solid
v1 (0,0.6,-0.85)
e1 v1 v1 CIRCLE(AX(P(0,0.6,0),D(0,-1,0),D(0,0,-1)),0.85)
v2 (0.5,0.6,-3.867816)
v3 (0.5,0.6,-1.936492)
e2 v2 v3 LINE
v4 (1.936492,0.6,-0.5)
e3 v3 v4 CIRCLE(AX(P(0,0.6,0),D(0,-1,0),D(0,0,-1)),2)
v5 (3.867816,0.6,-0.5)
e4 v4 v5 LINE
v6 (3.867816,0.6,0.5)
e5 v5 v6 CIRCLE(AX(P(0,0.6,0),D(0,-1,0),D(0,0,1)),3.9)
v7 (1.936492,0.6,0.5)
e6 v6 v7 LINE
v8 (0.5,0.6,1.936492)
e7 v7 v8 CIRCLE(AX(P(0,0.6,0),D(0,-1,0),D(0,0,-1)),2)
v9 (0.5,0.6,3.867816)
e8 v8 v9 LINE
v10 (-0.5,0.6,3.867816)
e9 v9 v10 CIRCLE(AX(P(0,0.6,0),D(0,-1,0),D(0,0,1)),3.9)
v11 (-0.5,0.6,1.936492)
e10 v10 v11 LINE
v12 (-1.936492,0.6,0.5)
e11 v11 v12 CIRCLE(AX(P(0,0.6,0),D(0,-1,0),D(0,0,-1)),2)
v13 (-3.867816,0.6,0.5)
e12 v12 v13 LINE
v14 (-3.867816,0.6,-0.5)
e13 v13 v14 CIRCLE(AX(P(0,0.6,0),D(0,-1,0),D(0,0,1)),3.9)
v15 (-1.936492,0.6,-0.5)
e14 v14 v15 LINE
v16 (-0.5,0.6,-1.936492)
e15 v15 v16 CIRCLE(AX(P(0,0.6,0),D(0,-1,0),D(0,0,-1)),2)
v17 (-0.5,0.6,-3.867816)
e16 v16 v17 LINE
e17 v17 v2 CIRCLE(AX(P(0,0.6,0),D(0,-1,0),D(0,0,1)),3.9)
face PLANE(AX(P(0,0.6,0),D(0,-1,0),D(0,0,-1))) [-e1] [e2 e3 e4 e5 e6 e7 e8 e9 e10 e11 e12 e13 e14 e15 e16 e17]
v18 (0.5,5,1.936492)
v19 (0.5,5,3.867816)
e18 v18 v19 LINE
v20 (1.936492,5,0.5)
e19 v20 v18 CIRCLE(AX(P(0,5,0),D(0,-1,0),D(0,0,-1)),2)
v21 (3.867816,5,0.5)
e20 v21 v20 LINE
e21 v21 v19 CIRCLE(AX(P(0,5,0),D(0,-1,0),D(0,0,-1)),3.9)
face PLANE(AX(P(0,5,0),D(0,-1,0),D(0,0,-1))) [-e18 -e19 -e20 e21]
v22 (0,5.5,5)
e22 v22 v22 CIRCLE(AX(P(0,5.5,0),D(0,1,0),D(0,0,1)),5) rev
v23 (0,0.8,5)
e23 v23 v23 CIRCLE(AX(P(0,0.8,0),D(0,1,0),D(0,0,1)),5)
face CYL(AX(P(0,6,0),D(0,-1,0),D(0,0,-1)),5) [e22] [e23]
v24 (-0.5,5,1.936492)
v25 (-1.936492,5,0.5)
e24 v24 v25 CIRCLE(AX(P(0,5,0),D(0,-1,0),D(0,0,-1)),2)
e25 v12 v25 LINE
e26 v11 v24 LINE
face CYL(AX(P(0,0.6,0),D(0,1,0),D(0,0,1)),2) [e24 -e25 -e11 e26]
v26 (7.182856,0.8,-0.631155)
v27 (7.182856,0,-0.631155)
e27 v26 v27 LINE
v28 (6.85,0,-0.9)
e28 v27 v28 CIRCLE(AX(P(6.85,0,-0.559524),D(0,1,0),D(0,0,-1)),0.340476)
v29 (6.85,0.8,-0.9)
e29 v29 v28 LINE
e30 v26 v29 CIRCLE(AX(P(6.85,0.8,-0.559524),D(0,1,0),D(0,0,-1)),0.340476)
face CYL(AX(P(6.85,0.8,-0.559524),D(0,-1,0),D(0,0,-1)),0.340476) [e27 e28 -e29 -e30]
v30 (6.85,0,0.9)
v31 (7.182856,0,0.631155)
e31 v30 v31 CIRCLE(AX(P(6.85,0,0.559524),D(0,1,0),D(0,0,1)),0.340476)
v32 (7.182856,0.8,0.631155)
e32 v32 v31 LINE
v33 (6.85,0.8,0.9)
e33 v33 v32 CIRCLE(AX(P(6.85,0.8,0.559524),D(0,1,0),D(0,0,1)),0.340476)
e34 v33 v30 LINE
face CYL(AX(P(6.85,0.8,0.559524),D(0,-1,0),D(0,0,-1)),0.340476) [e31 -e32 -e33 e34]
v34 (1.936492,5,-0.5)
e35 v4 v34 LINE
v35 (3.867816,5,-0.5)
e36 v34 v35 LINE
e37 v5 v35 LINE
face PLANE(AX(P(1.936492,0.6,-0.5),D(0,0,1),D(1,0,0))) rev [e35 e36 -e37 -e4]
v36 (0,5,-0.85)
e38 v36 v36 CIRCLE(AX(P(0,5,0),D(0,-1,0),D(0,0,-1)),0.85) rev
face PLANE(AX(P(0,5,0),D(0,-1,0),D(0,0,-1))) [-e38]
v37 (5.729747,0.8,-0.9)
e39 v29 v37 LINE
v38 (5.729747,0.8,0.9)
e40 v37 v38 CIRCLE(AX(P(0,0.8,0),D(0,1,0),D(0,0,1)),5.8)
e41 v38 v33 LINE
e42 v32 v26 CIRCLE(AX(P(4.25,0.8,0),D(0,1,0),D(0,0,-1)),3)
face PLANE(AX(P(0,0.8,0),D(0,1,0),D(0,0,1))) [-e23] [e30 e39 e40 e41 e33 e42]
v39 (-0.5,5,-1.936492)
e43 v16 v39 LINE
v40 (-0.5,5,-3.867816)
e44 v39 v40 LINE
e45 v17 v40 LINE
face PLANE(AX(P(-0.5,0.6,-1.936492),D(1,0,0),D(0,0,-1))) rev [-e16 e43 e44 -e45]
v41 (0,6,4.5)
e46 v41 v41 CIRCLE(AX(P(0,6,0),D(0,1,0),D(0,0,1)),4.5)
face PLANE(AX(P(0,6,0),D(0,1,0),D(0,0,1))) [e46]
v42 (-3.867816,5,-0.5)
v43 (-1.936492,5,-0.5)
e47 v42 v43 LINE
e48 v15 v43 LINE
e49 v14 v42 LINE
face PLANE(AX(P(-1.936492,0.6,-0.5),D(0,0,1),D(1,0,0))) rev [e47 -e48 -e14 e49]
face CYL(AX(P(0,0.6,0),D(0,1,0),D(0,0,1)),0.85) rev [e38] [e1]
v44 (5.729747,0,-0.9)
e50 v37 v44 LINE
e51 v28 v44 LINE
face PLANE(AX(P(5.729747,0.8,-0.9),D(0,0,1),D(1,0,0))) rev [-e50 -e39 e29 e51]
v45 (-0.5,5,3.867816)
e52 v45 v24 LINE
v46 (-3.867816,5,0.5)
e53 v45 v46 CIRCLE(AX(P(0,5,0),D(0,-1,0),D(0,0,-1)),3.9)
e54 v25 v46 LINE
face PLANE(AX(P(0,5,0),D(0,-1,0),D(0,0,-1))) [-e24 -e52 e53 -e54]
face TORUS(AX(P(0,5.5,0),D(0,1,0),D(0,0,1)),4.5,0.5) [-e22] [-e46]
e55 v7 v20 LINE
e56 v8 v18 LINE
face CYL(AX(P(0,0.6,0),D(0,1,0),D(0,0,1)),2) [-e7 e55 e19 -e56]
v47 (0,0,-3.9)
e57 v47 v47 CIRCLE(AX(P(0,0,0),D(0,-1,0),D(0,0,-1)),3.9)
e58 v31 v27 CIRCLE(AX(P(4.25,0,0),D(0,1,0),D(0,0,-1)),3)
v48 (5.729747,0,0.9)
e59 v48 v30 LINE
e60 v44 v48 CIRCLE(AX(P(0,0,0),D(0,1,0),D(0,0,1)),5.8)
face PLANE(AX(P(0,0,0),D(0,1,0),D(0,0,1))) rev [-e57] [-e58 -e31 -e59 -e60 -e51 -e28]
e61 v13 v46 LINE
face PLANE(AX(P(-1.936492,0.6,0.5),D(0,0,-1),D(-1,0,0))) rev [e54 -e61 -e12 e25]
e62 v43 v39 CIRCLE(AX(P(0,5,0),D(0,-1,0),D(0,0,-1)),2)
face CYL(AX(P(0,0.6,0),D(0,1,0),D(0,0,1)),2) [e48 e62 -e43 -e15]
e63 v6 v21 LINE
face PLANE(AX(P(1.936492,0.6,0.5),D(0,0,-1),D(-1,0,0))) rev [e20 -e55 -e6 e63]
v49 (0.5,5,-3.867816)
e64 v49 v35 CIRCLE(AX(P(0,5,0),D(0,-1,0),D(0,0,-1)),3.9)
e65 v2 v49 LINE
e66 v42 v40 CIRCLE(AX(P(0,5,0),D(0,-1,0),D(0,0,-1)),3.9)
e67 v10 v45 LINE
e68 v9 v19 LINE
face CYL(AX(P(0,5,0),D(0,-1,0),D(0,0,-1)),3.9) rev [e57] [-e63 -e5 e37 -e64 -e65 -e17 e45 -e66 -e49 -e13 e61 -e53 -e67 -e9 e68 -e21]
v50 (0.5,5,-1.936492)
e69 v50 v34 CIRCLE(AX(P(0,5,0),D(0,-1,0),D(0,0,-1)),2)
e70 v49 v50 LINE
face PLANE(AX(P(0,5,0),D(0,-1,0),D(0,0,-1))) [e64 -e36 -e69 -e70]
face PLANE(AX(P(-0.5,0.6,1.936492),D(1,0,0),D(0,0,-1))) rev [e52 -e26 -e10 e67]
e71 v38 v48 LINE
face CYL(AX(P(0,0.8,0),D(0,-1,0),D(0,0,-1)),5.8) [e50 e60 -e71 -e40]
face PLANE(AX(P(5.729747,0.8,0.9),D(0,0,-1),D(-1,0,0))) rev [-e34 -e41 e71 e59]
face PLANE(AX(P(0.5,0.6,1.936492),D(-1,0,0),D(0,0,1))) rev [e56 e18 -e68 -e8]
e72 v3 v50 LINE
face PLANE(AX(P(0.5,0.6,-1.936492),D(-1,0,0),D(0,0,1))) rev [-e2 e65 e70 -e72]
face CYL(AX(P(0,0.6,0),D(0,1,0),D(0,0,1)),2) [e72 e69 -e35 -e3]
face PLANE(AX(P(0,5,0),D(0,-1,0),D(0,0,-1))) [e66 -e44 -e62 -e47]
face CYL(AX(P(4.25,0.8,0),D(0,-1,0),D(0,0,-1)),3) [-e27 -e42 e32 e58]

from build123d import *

# Parameters (mm, degrees)
ESQUISSE1_R             = 5
SUPPORT_DEPTH           = 0.8
ESQUISSE2_R             = 5
BOUTON_DEPTH            = 6
CONG_1_R                = 0.5
ESQUISSE3_R             = 3.9
ENL_V_MAT_EXTRU_1_DEPTH = 5
DESSOUS_START           = 4.4
ESQUISSE4_R             = 0.85
DESSOUS_DEPTH           = 4.4


with BuildPart() as part:
    # Esquisse1 → Support (new body)
    with BuildSketch(Plane(origin=(0, 0, 0), x_dir=(1, 0, 0), z_dir=(0, 1, 0))):
        with BuildLine():
            Line((5.72974694, 0.9), (6.85, 0.9))
            ThreePointArc((6.85, 0.9), (7.063933825, 0.824394259), (7.182855864, 0.631154879))
            ThreePointArc((7.182855864, 0.631154879), (7.25, 0), (7.182855864, -0.631154879))
            ThreePointArc((7.182855864, -0.631154879), (7.063933825, -0.824394259), (6.85, -0.9))
            Line((6.85, -0.9), (5.72974694, -0.9))
            ThreePointArc((5.72974694, -0.9), (-5.8, 0), (5.72974694, 0.9))
        make_face()
        with Locations(Location((0, 0, 0), (0, 0, 270))):
            Circle(ESQUISSE1_R, mode=Mode.SUBTRACT)
    extrude(amount=SUPPORT_DEPTH)

    # Esquisse2 → Bouton (add)
    with BuildSketch(Plane(origin=(0, 0, 0), x_dir=(1, 0, 0), z_dir=(0, 1, 0))):
        with Locations(Location((0, 0, 0), (0, 0, 270))):
            Circle(ESQUISSE2_R)
    extrude(amount=BOUTON_DEPTH)

    # Congé1
    cong_1_edges = [part.edges().sort_by_distance(p)[0] for p in [
        (0, 6, -5),
    ]]
    fillet(cong_1_edges, radius=CONG_1_R)

    # Esquisse3 → Enlèv. mat.-Extru.1 (cut)
    with BuildSketch(Plane.XZ):
        with Locations(Location((0, 0, 0), (0, 0, 270))):
            Circle(ESQUISSE3_R)
    extrude(amount=-ENL_V_MAT_EXTRU_1_DEPTH, mode=Mode.SUBTRACT)

    # Esquisse4 → Dessous (add)
    with BuildSketch(Plane.XZ.offset(-5).offset(DESSOUS_START)):
        with BuildLine():
            Line((-0.5, 1.936491673), (-0.5, 3.867815921))
            ThreePointArc((-0.5, 3.867815921), (0, 3.9), (0.5, 3.867815921))
            Line((0.5, 3.867815921), (0.5, 1.936491673))
            ThreePointArc((0.5, 1.936491673), (1.414213562, 1.414213562), (1.936491673, 0.5))
            Line((1.936491673, 0.5), (3.867815921, 0.5))
            ThreePointArc((3.867815921, 0.5), (3.9, 0), (3.867815921, -0.5))
            Line((3.867815921, -0.5), (1.936491673, -0.5))
            ThreePointArc((1.936491673, -0.5), (1.414213562, -1.414213562), (0.5, -1.936491673))
            Line((0.5, -1.936491673), (0.5, -3.867815921))
            ThreePointArc((0.5, -3.867815921), (0, -3.9), (-0.5, -3.867815921))
            Line((-0.5, -3.867815921), (-0.5, -1.936491673))
            ThreePointArc((-0.5, -1.936491673), (-1.414213562, -1.414213562), (-1.936491673, -0.5))
            Line((-1.936491673, -0.5), (-3.867815921, -0.5))
            ThreePointArc((-3.867815921, -0.5), (-3.9, 0), (-3.867815921, 0.5))
            Line((-3.867815921, 0.5), (-1.936491673, 0.5))
            ThreePointArc((-1.936491673, 0.5), (-1.414213562, 1.414213562), (-0.5, 1.936491673))
        make_face()
        with Locations(Location((0, 0, 0), (0, 0, 270))):
            Circle(ESQUISSE4_R, mode=Mode.SUBTRACT)
    extrude(amount=-DESSOUS_DEPTH)


solid = part.part
